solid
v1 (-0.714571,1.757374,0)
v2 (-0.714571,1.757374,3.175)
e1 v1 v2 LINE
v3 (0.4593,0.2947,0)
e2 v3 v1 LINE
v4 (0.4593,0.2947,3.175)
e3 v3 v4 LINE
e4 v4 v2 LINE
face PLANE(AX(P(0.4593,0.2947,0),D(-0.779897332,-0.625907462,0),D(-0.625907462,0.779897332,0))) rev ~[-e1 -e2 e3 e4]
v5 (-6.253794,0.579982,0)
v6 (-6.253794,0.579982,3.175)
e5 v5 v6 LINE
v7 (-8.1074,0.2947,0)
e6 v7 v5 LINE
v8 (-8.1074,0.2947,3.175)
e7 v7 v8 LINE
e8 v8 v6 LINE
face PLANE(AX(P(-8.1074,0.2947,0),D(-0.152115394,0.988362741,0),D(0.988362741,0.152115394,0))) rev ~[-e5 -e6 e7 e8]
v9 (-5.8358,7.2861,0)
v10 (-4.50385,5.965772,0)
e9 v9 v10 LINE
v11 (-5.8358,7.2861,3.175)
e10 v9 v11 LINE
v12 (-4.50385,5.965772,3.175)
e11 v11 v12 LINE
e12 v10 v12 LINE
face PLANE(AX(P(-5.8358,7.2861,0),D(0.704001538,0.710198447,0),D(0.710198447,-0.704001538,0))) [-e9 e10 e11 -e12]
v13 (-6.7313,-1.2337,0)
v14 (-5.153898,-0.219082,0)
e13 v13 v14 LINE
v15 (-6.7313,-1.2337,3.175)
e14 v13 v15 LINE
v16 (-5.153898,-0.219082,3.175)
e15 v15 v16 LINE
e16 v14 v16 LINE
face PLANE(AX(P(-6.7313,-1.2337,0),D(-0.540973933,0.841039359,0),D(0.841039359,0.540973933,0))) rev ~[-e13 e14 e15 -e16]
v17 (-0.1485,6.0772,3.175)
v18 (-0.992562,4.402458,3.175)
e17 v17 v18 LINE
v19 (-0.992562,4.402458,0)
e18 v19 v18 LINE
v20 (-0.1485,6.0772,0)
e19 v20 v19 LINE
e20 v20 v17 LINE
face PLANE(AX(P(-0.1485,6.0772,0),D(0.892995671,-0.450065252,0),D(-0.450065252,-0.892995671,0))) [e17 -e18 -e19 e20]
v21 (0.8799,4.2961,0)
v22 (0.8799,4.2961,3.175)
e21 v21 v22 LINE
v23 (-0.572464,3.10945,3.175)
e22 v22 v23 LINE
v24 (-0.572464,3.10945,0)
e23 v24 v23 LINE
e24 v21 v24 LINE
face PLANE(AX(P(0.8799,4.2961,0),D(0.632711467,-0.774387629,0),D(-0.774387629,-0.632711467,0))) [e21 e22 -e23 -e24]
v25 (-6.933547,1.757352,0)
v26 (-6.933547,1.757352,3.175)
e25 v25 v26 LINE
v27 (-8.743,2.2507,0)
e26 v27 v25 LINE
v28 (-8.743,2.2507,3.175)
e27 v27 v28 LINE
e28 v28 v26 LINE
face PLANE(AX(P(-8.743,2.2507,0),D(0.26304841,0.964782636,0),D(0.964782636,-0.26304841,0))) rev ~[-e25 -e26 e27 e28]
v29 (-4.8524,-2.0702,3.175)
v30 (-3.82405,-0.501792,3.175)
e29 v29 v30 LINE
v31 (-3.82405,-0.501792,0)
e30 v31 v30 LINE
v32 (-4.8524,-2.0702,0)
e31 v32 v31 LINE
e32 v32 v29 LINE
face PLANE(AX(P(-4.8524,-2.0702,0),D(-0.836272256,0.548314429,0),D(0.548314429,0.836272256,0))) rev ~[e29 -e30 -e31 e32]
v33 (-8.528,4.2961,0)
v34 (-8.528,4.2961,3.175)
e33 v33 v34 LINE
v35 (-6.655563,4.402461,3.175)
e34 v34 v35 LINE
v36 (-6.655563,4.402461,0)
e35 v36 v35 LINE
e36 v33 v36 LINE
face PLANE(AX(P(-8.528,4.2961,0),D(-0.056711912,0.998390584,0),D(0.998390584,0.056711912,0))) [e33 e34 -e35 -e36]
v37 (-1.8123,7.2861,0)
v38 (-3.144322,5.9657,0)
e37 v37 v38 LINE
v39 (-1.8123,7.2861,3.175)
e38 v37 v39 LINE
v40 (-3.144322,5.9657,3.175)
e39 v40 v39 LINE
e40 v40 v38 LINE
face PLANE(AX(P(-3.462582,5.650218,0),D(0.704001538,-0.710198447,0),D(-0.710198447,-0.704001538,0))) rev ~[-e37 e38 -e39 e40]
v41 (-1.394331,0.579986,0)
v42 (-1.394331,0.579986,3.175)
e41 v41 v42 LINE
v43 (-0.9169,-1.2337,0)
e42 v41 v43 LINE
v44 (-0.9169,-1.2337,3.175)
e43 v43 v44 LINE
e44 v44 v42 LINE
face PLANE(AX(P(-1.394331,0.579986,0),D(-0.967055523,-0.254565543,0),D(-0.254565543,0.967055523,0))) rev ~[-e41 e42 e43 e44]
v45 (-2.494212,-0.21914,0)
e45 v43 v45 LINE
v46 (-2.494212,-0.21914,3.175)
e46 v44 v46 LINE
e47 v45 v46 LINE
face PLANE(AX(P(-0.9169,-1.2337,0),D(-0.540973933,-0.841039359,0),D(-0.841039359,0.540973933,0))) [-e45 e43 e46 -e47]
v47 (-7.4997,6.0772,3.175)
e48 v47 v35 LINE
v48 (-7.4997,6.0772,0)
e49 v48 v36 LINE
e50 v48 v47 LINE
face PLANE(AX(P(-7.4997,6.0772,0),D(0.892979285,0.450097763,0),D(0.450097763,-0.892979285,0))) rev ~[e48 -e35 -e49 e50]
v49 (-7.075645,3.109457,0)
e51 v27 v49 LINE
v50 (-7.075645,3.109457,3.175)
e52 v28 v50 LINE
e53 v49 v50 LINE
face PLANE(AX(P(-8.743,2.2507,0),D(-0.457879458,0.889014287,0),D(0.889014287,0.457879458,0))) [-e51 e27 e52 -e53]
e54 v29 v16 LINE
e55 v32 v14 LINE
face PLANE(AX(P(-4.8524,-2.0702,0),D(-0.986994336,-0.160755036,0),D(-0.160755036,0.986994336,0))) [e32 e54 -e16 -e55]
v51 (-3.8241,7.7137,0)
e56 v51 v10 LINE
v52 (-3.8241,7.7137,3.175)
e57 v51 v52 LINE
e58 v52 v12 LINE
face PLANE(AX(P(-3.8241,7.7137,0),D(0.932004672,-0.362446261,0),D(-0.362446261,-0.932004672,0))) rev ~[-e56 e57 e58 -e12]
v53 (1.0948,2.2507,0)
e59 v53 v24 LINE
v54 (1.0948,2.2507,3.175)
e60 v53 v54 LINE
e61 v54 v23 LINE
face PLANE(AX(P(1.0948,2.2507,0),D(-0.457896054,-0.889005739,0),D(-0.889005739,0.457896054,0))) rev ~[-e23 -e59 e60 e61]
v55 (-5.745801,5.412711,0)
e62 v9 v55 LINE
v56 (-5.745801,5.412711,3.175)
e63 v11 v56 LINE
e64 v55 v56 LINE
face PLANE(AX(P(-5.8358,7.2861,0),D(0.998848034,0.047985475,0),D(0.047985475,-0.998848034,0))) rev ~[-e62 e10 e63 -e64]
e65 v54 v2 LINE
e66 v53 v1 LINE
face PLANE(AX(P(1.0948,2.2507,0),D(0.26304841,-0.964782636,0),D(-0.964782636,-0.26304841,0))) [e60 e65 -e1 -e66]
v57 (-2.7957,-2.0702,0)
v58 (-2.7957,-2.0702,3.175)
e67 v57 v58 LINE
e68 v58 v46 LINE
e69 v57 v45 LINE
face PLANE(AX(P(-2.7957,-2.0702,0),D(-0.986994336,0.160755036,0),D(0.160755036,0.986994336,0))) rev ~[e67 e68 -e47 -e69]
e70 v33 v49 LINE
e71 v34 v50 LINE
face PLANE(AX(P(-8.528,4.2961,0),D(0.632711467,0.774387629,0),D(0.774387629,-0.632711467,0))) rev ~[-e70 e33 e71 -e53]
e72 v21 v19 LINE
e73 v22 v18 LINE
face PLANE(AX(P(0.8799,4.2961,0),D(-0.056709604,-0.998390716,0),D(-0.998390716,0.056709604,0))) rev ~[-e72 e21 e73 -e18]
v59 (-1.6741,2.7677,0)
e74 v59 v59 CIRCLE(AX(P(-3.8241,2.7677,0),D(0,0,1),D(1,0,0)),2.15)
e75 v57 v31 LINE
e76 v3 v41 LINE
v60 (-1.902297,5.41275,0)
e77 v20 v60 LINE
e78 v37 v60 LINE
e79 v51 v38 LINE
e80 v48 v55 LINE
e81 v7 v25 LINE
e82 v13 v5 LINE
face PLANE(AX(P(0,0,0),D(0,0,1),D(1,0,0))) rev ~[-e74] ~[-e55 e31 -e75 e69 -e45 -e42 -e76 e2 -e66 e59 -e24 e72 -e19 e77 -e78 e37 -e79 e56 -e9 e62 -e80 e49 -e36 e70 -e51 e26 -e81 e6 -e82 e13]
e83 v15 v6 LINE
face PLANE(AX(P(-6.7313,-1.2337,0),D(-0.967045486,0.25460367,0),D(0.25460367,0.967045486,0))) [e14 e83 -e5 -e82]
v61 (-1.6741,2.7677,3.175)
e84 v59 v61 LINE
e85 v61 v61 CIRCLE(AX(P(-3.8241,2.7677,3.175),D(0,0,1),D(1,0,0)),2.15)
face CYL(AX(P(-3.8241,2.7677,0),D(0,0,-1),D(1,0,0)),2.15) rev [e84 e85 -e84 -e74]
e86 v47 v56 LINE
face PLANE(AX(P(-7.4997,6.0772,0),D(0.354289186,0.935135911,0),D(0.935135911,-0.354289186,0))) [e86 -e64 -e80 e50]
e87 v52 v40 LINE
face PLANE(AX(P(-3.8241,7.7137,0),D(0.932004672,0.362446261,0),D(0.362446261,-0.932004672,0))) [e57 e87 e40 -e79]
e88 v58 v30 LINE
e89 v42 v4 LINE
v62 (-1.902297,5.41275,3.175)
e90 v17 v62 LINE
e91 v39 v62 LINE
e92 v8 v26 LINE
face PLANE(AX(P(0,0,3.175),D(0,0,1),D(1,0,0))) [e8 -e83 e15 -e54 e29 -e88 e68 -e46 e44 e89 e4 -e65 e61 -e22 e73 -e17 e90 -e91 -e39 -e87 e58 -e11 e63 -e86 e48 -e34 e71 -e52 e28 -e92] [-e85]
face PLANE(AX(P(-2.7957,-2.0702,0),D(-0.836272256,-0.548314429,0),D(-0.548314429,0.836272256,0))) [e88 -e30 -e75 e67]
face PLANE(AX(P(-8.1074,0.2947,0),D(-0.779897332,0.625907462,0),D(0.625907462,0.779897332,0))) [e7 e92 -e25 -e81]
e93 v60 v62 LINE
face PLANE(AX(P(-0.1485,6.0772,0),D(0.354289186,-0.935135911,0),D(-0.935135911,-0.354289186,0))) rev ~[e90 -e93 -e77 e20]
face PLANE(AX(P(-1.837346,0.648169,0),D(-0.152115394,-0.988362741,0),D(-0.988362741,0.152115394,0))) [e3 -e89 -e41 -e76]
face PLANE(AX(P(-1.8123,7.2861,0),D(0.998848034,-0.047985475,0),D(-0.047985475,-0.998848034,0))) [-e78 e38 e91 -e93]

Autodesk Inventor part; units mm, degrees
ref_plane "YZ Plane" through (0, 0, 0) normal (1, 0, 0) x (0, 1, 0)
ref_plane "XZ Plane" through (0, 0, 0) normal (0, 1, 0) x (-1, 0, 0)
ref_plane "XY Plane" through (0, 0, 0) normal (0, 0, 1) x (1, 0, 0)
sketch "Sketch1" plane through (0, 0, 0) normal (0, 0, 1) x (1, 0, 0)
  line L0 (-4.7131, 5.4277) -> (-2.9351, 5.4277)
  line L1 (-3.8241, 5.4277) -> (-3.8241, 7.7137) construction
  line L2 (-3.8241, 7.7137) -> (-2.9351, 5.4277)
  line L3 (-3.8241, 7.7137) -> (-4.7131, 5.4277)
  line L4 (-3.8241, 5.4277) -> (-3.8241, 2.7677) construction
  line L5 (-5.8358, 7.2861) -> (-4.0938, 5.5593)
  line L6 (-5.8358, 7.2861) -> (-5.7181, 4.8361)
  line L7 (-5.7181, 4.8361) -> (-4.0938, 5.5593)
  line L8 (-7.4997, 6.0772) -> (-5.206, 5.2082)
  line L9 (-7.4997, 6.0772) -> (-6.3957, 3.8869)
  line L10 (-6.3957, 3.8869) -> (-5.206, 5.2082)
  line L11 (-8.528, 4.2961) -> (-6.0792, 4.4352)
  line L12 (-8.528, 4.2961) -> (-6.6286, 2.7442)
  line L13 (-6.6286, 2.7442) -> (-6.0792, 4.4352)
  line L14 (-8.743, 2.2507) -> (-6.5624, 3.3738)
  line L15 (-8.743, 2.2507) -> (-6.3766, 1.6055)
  line L16 (-6.3766, 1.6055) -> (-6.5624, 3.3738)
  line L17 (-8.1074, 0.2947) -> (-6.5722, 2.2076)
  line L18 (-8.1074, 0.2947) -> (-5.6832, 0.6678)
  line L19 (-5.6832, 0.6678) -> (-6.5722, 2.2076)
  line L20 (-6.7313, -1.2337) -> (-6.1068, 1.1383)
  line L21 (-6.7313, -1.2337) -> (-4.6684, 0.0932)
  line L22 (-4.6684, 0.0932) -> (-6.1068, 1.1383)
  line L23 (-4.8524, -2.0702) -> (-5.2467, 0.3507)
  line L24 (-4.8524, -2.0702) -> (-3.5075, -0.019)
  line L25 (-3.5075, -0.019) -> (-5.2467, 0.3507)
  line L26 (-2.7957, -2.0702) -> (-4.1406, -0.019)
  line L27 (-2.7957, -2.0702) -> (-2.4014, 0.3507)
  line L28 (-2.4014, 0.3507) -> (-4.1406, -0.019)
  line L29 (-0.9169, -1.2337) -> (-2.9798, 0.0932)
  line L30 (-0.9169, -1.2337) -> (-1.5413, 1.1383)
  line L31 (-1.5413, 1.1383) -> (-2.9798, 0.0932)
  circle A0 centre (-3.8241, 2.7677) radius 2.9051
  circle A1 centre (-3.8241, 2.7677) radius 2.15
  line L32 (0.4593, 0.2947) -> (-1.9649, 0.6678)
  line L33 (0.4593, 0.2947) -> (-1.0759, 2.2076)
  line L34 (-1.0759, 2.2076) -> (-1.9649, 0.6678)
  line L35 (1.0948, 2.2507) -> (-1.2716, 1.6055)
  line L36 (1.0948, 2.2507) -> (-1.0857, 3.3738)
  line L37 (-1.0857, 3.3738) -> (-1.2716, 1.6055)
  line L38 (0.8799, 4.2961) -> (-1.0195, 2.7442)
  line L39 (0.8799, 4.2961) -> (-1.569, 4.4352)
  line L40 (-1.569, 4.4352) -> (-1.0195, 2.7442)
  line L41 (-0.1485, 6.0772) -> (-1.2524, 3.8869)
  line L42 (-0.1485, 6.0772) -> (-2.4422, 5.2082)
  line L43 (-2.4422, 5.2082) -> (-1.2524, 3.8869)
  line L44 (-1.8123, 7.2861) -> (-1.93, 4.8361)
  line L45 (-1.8123, 7.2861) -> (-3.5543, 5.5593)
  line L46 (-3.5543, 5.5593) -> (-1.93, 4.8361)
  point P0 (0, 0)
  point P1 (-4.906, 5.1977)
  point P2 (-5.8008, 4.5476)
  point P3 (-6.3539, 3.5897)
  point P4 (-6.4695, 2.4896)
  point P5 (-6.1277, 1.4377)
  point P6 (-5.3876, 0.6157)
  point P7 (-4.3771, 0.1658)
  point P8 (-3.271, 0.1658)
  point P9 (-2.2606, 0.6157)
  point P10 (-1.5204, 1.4377)
  point P11 (-1.1786, 2.4896)
  point P12 (-1.2943, 3.5897)
  point P13 (-1.8473, 4.5476)
  point P14 (-2.7421, 5.1977)
  dimension "d0" = 1.778
  dimension "d2" = 2.66
  dimension "d5" = 360
  dimension "d7" = 4.3
  dimension "d11" = 2.286
extrude "Extrusion2" add sketch "Sketch1" along normal blind 3.175 contours L3 A0 L5 L7 L0 | L0 L7 L10 L8 A0 L3 | L7 L5 A0 L45 L46 L0 | L0 L46 L43 L40 L37 L34 L31 L28 L25 L22 L19 L16 L13 L10 L7 | A0 L8 L6 L5 L3 | L3 L5 A0 | L46 L45 A0 L2 L0 | L0 L2 A0 L42 L43 L46 | L10 L13 L11 A0 L6 L7 | L7 L6 A0 L8 L10 | L3 L2 L45 A0 L5 | A0 L6 L8 | L46 L44 A0 L39 L40 L43 | L43 L42 A0 L44 L46 | L13 L16 L14 A0 L9 L10 | L10 L9 A0 L11 L13 | L45 L2 A0 | L6 A0 L11 L9 L8 | L43 L41 A0 L36 L37 L40 | L40 L39 A0 L41 L43 | L16 L19 L17 A0 L12 L13 | L13 L12 A0 L14 L16 | A0 L9 L11 | L40 L38 A0 L33 L34 L37 | L37 L36 A0 L38 L40 | A0 L14 L12 L11 L9 | L19 L22 L20 A0 L15 L16 | L16 L15 A0 L17 L19 | L37 L35 A0 L30 L31 L34 | L34 L33 A0 L35 L37 | A0 L12 L14 | A0 L17 L15 L14 L12 | L22 L25 L23 A0 L18 L19 | L19 L18 A0 L20 L22 | L34 L32 A0 L27 L28 L31 | L31 L30 A0 L32 L34 | A0 L15 L17 | A0 L20 L18 L17 L15 | L25 L28 L26 A0 L21 L22 | L22 L21 A0 L23 L25 | L31 L29 A0 L24 L25 L28 | L28 L27 A0 L29 L31 | A0 L18 L20 | A0 L23 L21 L20 L18 | L25 L24 A0 L26 L28 | L30 L32 A0 | L32 L30 L29 L27 A0 | A0 L21 L23 | A0 L26 L24 L23 L21 | L27 L29 A0 | L29 L27 L26 L24 A0 | A0 L24 L26
extrude "Extrusion3" add sketch "Sketch1" along normal blind 3.175 contours L46 L45 A0 L2 L0 | L0 L2 A0 L42 L43 L46 | L46 L44 A0 L39 L40 L43 | L43 L42 A0 L44 L46 | L45 L2 A0 | L2 L45 L44 L42 A0 | L43 L41 A0 L36 L37 L40 | L40 L39 A0 L41 L43 | L42 L44 A0 | L40 L38 A0 L33 L34 L37 | L37 L36 A0 L38 L40 | L44 L42 L41 L39 A0 | L39 L41 A0 | L37 L35 A0 L30 L31 L34 | L34 L33 A0 L35 L37 | L41 L39 L38 L36 A0 | L36 L38 A0 | L31 L30 A0 L32 L34 | L38 L36 L35 L33 A0 | L33 L35 A0 | L35 L33 L32 L30 A0 | L30 L32 A0
properties part number "phonecasegearSMALL"
